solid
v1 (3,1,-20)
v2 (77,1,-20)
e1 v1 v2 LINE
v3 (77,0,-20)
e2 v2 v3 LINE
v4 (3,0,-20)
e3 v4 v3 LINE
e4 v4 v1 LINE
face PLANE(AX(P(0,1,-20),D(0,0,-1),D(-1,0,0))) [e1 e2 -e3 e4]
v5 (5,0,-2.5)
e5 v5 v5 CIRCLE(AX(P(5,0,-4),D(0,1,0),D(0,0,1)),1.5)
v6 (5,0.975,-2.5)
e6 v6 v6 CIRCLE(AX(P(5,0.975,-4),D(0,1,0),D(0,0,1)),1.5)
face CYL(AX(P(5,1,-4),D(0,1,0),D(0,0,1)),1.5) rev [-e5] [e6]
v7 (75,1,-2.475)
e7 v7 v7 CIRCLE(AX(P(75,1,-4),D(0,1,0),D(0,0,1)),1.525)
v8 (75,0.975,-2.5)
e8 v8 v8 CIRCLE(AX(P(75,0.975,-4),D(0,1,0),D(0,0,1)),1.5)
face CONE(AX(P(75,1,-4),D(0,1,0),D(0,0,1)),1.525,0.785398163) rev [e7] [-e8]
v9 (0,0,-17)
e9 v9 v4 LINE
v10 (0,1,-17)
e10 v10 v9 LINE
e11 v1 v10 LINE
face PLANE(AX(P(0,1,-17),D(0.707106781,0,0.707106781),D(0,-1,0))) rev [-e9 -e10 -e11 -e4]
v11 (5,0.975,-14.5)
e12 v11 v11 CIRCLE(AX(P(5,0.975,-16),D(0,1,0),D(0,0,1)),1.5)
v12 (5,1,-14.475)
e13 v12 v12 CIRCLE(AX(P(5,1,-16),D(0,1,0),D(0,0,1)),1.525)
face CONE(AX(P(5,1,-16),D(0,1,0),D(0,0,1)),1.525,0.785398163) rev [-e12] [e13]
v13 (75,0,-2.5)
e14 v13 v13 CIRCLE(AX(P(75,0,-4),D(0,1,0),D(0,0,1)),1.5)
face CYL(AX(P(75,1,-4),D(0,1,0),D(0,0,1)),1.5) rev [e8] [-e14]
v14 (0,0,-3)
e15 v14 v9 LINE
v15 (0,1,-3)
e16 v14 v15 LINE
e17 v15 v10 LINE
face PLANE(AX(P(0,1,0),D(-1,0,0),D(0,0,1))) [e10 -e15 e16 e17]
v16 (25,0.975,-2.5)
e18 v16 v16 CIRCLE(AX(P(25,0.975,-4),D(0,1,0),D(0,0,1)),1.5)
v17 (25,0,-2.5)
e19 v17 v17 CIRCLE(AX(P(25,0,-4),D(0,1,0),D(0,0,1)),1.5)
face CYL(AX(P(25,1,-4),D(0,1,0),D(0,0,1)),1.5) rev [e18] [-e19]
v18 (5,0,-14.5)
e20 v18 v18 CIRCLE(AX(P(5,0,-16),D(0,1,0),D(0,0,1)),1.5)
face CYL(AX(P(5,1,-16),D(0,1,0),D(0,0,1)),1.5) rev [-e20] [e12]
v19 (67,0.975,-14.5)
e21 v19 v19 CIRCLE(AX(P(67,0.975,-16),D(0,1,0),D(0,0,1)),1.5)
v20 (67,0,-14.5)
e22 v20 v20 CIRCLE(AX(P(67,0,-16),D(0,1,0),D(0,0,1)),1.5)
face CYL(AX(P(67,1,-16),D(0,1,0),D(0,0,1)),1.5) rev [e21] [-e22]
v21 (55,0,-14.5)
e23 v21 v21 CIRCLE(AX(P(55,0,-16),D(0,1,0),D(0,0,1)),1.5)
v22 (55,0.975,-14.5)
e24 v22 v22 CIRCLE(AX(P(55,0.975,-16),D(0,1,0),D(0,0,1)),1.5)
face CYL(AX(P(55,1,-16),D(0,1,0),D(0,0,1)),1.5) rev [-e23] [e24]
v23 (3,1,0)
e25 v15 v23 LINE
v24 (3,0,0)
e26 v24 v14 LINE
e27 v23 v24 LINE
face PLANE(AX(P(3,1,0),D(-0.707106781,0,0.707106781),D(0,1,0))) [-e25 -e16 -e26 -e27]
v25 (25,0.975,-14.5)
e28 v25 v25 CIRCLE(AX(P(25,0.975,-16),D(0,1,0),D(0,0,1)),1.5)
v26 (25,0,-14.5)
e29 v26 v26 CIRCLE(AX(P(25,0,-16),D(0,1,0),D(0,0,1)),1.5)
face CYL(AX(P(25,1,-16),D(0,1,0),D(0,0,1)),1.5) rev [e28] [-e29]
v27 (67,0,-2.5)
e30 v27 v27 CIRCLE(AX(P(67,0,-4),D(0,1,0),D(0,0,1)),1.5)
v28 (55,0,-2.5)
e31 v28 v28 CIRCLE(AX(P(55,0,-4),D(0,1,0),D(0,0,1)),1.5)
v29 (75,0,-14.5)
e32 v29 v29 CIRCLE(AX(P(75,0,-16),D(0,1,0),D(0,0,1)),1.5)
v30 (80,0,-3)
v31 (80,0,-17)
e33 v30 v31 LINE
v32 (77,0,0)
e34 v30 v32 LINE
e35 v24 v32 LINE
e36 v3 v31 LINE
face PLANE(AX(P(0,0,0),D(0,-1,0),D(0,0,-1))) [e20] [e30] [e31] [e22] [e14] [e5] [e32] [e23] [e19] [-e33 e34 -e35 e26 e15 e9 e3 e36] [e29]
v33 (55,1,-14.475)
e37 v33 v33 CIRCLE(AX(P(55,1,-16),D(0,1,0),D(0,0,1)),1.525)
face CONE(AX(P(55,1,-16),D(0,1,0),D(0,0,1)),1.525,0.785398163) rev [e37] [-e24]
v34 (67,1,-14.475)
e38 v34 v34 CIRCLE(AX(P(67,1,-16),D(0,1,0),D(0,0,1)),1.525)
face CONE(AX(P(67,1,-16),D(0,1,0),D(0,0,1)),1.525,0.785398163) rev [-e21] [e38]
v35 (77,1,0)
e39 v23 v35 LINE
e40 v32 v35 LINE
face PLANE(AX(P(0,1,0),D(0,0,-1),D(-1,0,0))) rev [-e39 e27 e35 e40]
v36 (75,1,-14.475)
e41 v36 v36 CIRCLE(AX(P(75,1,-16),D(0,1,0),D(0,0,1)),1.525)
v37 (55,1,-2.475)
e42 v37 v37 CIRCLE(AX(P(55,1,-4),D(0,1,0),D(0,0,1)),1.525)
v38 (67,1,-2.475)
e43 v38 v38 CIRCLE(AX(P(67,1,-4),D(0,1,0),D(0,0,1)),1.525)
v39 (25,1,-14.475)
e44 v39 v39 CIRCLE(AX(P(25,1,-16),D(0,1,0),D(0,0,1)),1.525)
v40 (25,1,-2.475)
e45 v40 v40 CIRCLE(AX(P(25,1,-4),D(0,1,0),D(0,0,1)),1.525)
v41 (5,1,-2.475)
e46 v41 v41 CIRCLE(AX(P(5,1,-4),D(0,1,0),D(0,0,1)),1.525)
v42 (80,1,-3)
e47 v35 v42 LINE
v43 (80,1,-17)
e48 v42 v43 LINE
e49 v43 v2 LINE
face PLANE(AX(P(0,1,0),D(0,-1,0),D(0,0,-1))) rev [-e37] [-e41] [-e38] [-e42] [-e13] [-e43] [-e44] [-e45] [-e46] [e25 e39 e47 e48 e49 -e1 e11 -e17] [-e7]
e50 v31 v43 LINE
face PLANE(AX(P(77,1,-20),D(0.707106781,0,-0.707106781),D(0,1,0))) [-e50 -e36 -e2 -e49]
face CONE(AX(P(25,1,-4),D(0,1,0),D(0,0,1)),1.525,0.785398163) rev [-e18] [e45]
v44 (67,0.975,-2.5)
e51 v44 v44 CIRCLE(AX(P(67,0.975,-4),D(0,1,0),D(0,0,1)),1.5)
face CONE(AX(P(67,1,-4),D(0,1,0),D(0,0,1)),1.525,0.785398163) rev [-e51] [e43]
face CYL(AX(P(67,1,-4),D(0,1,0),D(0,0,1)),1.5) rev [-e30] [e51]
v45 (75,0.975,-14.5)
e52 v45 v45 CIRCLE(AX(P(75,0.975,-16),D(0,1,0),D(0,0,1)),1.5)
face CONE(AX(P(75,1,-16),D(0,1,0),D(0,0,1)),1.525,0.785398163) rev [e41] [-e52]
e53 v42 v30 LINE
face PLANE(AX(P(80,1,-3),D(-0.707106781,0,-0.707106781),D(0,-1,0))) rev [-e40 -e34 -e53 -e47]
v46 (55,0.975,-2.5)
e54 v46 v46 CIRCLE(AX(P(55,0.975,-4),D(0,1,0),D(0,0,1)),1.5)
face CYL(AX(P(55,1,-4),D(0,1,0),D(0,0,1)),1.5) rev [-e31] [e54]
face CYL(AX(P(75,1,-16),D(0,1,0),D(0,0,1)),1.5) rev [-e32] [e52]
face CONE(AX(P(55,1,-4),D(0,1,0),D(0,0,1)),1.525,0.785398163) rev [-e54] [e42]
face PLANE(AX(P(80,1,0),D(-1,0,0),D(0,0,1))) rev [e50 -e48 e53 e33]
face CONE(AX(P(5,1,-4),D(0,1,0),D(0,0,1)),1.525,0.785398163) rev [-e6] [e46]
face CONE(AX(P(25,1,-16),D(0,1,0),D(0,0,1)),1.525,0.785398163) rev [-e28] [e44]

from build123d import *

# Parameters (mm, degrees)
SKETCH_1_W            = 80
SKETCH_1_H            = 20
EXTRUDE_1_DEPTH       = 1
F_3_0MM_1_AT_2_COUNT  = 2
F_3_0MM_1_AT_2_PITCH  = 12
F_3_0MM_1_AT_3_COUNT  = 2
F_3_0MM_1_AT_3_PITCH  = 20
F_3_0MM_1_AT_4_COUNT  = 2
F_3_0MM_1_AT_4_PITCH  = 50
F_3_0MM_1_AT_5_COUNT  = 2
F_3_0MM_1_AT_5_PITCH  = 23.323807579
F_3_0MM_1_AT_6_COUNT  = 2
F_3_0MM_1_AT_6_PITCH  = 51.419840529
F_3_0MM_1_AT_7_COUNT  = 2
F_3_0MM_1_AT_7_PITCH  = 71.021123618
F_3_0MM_1_AT_8_COUNT  = 2
F_3_0MM_1_AT_8_PITCH  = 70
F_3_0MM_1_AT_9_COUNT  = 2
F_3_0MM_1_AT_9_PITCH  = 62
F_3_0MM_1_AT_10_COUNT = 2
F_3_0MM_1_AT_10_PITCH = 63.150613615
CHAMFER_1_SIZE        = 3


with BuildPart() as part:
    # 草图1 → 凸台-拉伸1 (new body)
    with BuildSketch(Plane(origin=(0, 0, 0), x_dir=(1, 0, 0), z_dir=(0, 1, 0))):
        with Locations((40, 10)):
            Rectangle(SKETCH_1_W, SKETCH_1_H)
    extrude(amount=EXTRUDE_1_DEPTH)

    # 草图3 → Ø3.0mm 暗销孔1 (revolve, cut)
    with BuildSketch(Plane(origin=(5, 1, -16), x_dir=(0, 0, 1), z_dir=(1, 0, 0))):
        Polygon((0, 0), (0, 1), (1.5, 1), (1.5, 0.025), (1.525, 0), align=None)
    f_3_0mm_1 = revolve(axis=Axis((5, 7.35, -16), (0, -1, 0)), mode=Mode.SUBTRACT)

    # Ø3.0mm 暗销孔1 at 2: Ø3.0mm 暗销孔1 ×2
    with Locations(*[(0, 0, i * F_3_0MM_1_AT_2_PITCH) for i in range(1, F_3_0MM_1_AT_2_COUNT)]):
        add(f_3_0mm_1, mode=Mode.SUBTRACT)

    # Ø3.0mm 暗销孔1 at 3: Ø3.0mm 暗销孔1 ×2
    with Locations(*[(i * F_3_0MM_1_AT_3_PITCH, 0, 0) for i in range(1, F_3_0MM_1_AT_3_COUNT)]):
        add(f_3_0mm_1, mode=Mode.SUBTRACT)

    # Ø3.0mm 暗销孔1 at 4: Ø3.0mm 暗销孔1 ×2
    with Locations(*[(i * F_3_0MM_1_AT_4_PITCH, 0, 0) for i in range(1, F_3_0MM_1_AT_4_COUNT)]):
        add(f_3_0mm_1, mode=Mode.SUBTRACT)

    # Ø3.0mm 暗销孔1 at 5: Ø3.0mm 暗销孔1 ×2
    with Locations(*[Vector(0.8574929257125442, 0, 0.5144957554275265) * (i * F_3_0MM_1_AT_5_PITCH) for i in range(1, F_3_0MM_1_AT_5_COUNT)]):
        add(f_3_0mm_1, mode=Mode.SUBTRACT)

    # Ø3.0mm 暗销孔1 at 6: Ø3.0mm 暗销孔1 ×2
    with Locations(*[Vector(0.9723873019805175, 0, 0.23337295247532422) * (i * F_3_0MM_1_AT_6_PITCH) for i in range(1, F_3_0MM_1_AT_6_COUNT)]):
        add(f_3_0mm_1, mode=Mode.SUBTRACT)

    # Ø3.0mm 暗销孔1 at 7: Ø3.0mm 暗销孔1 ×2
    with Locations(*[Vector(0.9856222548132667, 0, 0.1689638151108457) * (i * F_3_0MM_1_AT_7_PITCH) for i in range(1, F_3_0MM_1_AT_7_COUNT)]):
        add(f_3_0mm_1, mode=Mode.SUBTRACT)

    # Ø3.0mm 暗销孔1 at 8: Ø3.0mm 暗销孔1 ×2
    with Locations(*[(i * F_3_0MM_1_AT_8_PITCH, 0, 0) for i in range(1, F_3_0MM_1_AT_8_COUNT)]):
        add(f_3_0mm_1, mode=Mode.SUBTRACT)

    # Ø3.0mm 暗销孔1 at 9: Ø3.0mm 暗销孔1 ×2
    with Locations(*[(i * F_3_0MM_1_AT_9_PITCH, 0, 0) for i in range(1, F_3_0MM_1_AT_9_COUNT)]):
        add(f_3_0mm_1, mode=Mode.SUBTRACT)

    # Ø3.0mm 暗销孔1 at 10: Ø3.0mm 暗销孔1 ×2
    with Locations(*[Vector(0.9817798505902814, 0, 0.1900219065658609) * (i * F_3_0MM_1_AT_10_PITCH) for i in range(1, F_3_0MM_1_AT_10_COUNT)]):
        add(f_3_0mm_1, mode=Mode.SUBTRACT)

    # 倒角1
    chamfer_1_edges = [part.edges().sort_by_distance(p)[0] for p in [
        (0, 0.5, 0),
        (80, 0.5, 0),
        (80, 0.5, -20),
        (0, 0.5, -20),
    ]]
    chamfer(chamfer_1_edges, length=CHAMFER_1_SIZE)


solid = part.part
